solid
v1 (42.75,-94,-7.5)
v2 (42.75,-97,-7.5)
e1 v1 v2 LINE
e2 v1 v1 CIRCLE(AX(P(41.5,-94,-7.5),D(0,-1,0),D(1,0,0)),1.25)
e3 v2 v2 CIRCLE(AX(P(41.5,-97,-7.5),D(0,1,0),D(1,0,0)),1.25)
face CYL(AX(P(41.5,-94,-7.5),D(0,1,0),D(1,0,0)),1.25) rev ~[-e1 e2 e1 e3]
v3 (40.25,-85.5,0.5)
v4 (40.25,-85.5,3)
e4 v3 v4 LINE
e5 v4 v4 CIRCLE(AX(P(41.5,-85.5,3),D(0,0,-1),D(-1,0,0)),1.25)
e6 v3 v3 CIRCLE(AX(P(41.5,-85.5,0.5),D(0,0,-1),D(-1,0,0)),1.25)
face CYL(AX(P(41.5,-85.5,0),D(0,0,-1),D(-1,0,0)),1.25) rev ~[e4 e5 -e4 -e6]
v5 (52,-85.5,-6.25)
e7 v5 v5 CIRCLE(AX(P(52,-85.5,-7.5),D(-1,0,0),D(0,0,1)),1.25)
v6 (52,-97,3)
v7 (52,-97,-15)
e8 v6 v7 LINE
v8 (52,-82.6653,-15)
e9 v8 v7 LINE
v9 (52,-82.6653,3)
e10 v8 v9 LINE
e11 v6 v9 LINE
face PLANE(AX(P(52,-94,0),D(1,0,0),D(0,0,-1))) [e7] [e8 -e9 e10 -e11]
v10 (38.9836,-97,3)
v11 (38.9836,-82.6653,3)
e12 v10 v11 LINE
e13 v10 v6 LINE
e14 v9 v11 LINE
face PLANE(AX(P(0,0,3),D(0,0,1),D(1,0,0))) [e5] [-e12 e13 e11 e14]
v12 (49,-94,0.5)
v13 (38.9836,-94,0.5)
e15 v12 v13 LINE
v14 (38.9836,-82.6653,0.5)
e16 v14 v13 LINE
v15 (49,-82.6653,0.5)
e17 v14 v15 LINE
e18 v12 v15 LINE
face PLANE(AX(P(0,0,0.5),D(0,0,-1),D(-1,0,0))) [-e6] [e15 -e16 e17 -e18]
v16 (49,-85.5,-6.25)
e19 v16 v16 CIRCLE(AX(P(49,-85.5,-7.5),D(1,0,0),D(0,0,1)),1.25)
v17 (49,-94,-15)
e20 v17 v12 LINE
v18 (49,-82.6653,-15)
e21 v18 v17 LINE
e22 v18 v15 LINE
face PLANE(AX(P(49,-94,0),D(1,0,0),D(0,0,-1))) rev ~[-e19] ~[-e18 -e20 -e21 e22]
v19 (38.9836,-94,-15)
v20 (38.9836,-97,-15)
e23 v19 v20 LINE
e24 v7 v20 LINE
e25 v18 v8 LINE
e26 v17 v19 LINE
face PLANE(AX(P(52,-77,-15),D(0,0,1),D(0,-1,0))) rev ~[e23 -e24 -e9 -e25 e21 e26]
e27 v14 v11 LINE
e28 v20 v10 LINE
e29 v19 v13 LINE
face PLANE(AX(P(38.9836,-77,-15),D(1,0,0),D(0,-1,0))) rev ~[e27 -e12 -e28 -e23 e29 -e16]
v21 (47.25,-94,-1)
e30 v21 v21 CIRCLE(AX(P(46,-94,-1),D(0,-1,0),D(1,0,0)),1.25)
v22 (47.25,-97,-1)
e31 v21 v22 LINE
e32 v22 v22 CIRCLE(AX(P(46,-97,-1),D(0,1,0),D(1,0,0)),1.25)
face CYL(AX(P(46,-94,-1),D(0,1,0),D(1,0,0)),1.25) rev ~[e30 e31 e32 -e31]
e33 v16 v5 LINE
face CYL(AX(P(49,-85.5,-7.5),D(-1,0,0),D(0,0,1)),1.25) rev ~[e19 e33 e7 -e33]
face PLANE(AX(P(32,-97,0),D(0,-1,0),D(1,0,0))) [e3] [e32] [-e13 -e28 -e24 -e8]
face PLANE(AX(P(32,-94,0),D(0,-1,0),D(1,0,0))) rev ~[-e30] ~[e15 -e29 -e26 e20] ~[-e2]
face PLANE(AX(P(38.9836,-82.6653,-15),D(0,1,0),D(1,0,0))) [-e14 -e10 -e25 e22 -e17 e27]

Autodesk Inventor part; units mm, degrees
ref_plane "YZ Plane" through (0, 0, 0) normal (1, 0, 0) x (0, 1, 0)
ref_plane "XZ Plane" through (0, 0, 0) normal (0, 1, 0) x (-1, 0, 0)
ref_plane "XY Plane" through (0, 0, 0) normal (0, 0, 1) x (1, 0, 0)
ref_plane "작업 평면1" through (0, 0, 0) normal (0, 0, 1) x (1, 0, 0)
sketch "스케치1" plane through (0, 0, 0) normal (0, 0, 1) x (1, 0, 0)
  line L0 (49, -94) -> (-72, -94) construction
  line L1 (49, -88) -> (49, -94) construction
  line L2 (-72, -88) -> (49, -88) construction
  line L3 (-72, -94) -> (-72, -88) construction
  line L4 (43, 88) -> (43, -88) construction
  line L5 (49, -88) -> (43, -88) construction
  line L6 (49, 88) -> (49, -88) construction
  line L7 (49, 88) -> (43, 88) construction
  line L8 (-72, -88) -> (43, -88) construction
  line L9 (43, -88) -> (43, 88) construction
  line L10 (-72, 88) -> (43, 88) construction
  line L11 (-72, 88) -> (-72, -88) construction
  circle A0 centre (-2.8299, 17.3) radius 1.35 construction
  circle A1 centre (19.1701, -17.3) radius 1.35 construction
  circle A2 centre (-24.8299, 17.3) radius 1.35 construction
  circle A3 centre (19.1701, 17.3) radius 1.35 construction
  circle A4 centre (-2.8299, -17.3) radius 1.35 construction
  circle A5 centre (-24.8299, -17.3) radius 1.35 construction
  arc A6 (-27.4299, -13.5) -> (-26.3299, -14.6) centre (-26.3299, -13.5) ccw construction
  line L12 (-27.4299, -13.5) -> (-27.4299, 13.5) construction
  arc A7 (-26.3299, 14.6) -> (-27.4299, 13.5) centre (-26.3299, 13.5) ccw construction
  line L13 (-26.3299, 14.6) -> (28.6701, 14.6) construction
  line L14 (28.6701, 14.6) -> (28.6701, -14.6) construction
  line L15 (28.6701, -14.6) -> (-26.3299, -14.6) construction
  line L16 (-72, -88) -> (43, -88) construction
  line L17 (43, -88) -> (43, 88) construction
  line L18 (-72, 88) -> (43, 88) construction
  line L19 (-72, 88) -> (-72, -88) construction
  circle A8 centre (-2.8299, 17.3) radius 1.35 construction
  circle A9 centre (19.1701, -17.3) radius 1.35 construction
  circle A10 centre (-24.8299, 17.3) radius 1.35 construction
  circle A11 centre (19.1701, 17.3) radius 1.35 construction
  circle A12 centre (-2.8299, -17.3) radius 1.35 construction
  circle A13 centre (-24.8299, -17.3) radius 1.35 construction
  arc A14 (-27.4299, -13.5) -> (-26.3299, -14.6) centre (-26.3299, -13.5) ccw construction
  line L20 (-27.4299, -13.5) -> (-27.4299, 13.5) construction
  arc A15 (-26.3299, 14.6) -> (-27.4299, 13.5) centre (-26.3299, 13.5) ccw construction
  line L21 (-26.3299, 14.6) -> (28.6701, 14.6) construction
  line L22 (28.6701, 14.6) -> (28.6701, -14.6) construction
  line L23 (28.6701, -14.6) -> (-26.3299, -14.6) construction
  line L24 (43, 88) -> (43, -88) projected
  line L25 (49, -88) -> (43, -88) projected
  line L26 (49, 88) -> (49, -88) projected
  line L27 (49, 88) -> (43, 88) projected
  line L28 (49, -94) -> (-72, -94) projected
  line L29 (49, -88) -> (49, -94) projected
  line L30 (-72, -88) -> (49, -88) projected
  line L31 (-72, -94) -> (-72, -88) projected
  line L32 (-72, -88) -> (43, -88) projected
  line L33 (43, -88) -> (43, 88) projected
  line L34 (-72, 88) -> (43, 88) projected
  line L35 (-72, 88) -> (-72, -88) projected
  circle A16 centre (-2.8299, 17.3) radius 1.35 projected
  circle A17 centre (19.1701, -17.3) radius 1.35 projected
  circle A18 centre (-24.8299, 17.3) radius 1.35 projected
  circle A19 centre (19.1701, 17.3) radius 1.35 projected
  circle A20 centre (-2.8299, -17.3) radius 1.35 projected
  circle A21 centre (-24.8299, -17.3) radius 1.35 projected
  arc A22 (-27.4299, -13.5) -> (-26.3299, -14.6) centre (-26.3299, -13.5) ccw projected
  line L36 (-27.4299, -13.5) -> (-27.4299, 13.5) projected
  arc A23 (-26.3299, 14.6) -> (-27.4299, 13.5) centre (-26.3299, 13.5) ccw projected
  line L37 (-26.3299, 14.6) -> (28.6701, 14.6) projected
  line L38 (28.6701, 14.6) -> (28.6701, -14.6) projected
  line L39 (28.6701, -14.6) -> (-26.3299, -14.6) projected
  line L40 (49, -94) -> (-72, -94) projected
  line L41 (49, -88) -> (49, -94) projected
  line L42 (-72, -88) -> (49, -88) projected
  line L43 (-72, -94) -> (-72, -88) projected
  line L44 (49, -94) -> (49, -77)
  line L45 (49, -94) -> (32, -94)
  line L46 (49, -77) -> (43, -77)
  line L47 (32, -94) -> (32, -88)
  line L48 (49, -94) -> (32, -94)
  line L49 (32, -94) -> (32, -77)
  line L50 (32, -77) -> (49, -77)
  line L51 (49, -77) -> (49, -94)
  line L52 (49, -94) -> (29, -94)
  line L53 (29, -94) -> (29, -77)
  line L54 (29, -77) -> (49, -77)
  line L55 (49, -77) -> (49, -94)
  point P0 (0, 0)
  dimension "d0" = 17
  dimension "d1" = 17
  dimension "d28" = 20
extrude "돌출1" add sketch "스케치1" along normal blind 3 contours L46 L26 L25 L24 | L24 L30 L49 L50 | L25 L29 L28 L47 L30 | L49 L30 L53 L54 | L47 L28 L53 L30
sketch "스케치2" plane through (49, -94, 0) normal (1, 0, 0) x (0, 0, -1)
  line L0 (40.7085, 16) -> (17.2915, 16) projected
  arc A0 (16.3174, 17.226) -> (17.2915, 16) centre (17.2915, 17) ccw projected
  line L1 (16.3174, 17.226) -> (28.0259, 67.6827) projected
  arc A1 (29.9741, 67.6827) -> (28.0259, 67.6827) centre (29, 67.4566) ccw projected
  line L2 (29.9741, 67.6827) -> (41.6826, 17.226) projected
  arc A2 (40.7085, 16) -> (41.6826, 17.226) centre (40.7085, 17) ccw projected
  line L3 (34.1853, 94.226) -> (45.1259, 141.3733) projected
  arc A3 (47.1, 141.1472) -> (45.1259, 141.3733) centre (46.1, 141.1472) ccw projected
  line L4 (47.1, 141.1472) -> (47.1, 46.8528) projected
  arc A4 (45.1259, 46.6267) -> (47.1, 46.8528) centre (46.1, 46.8528) ccw projected
  line L5 (45.1259, 46.6267) -> (34.1853, 93.774) projected
  arc A5 (34.1853, 94.226) -> (34.1853, 93.774) centre (35.1594, 94) ccw projected
  line L6 (10.9, 46.8528) -> (10.9, 141.1472) projected
  arc A6 (12.8741, 141.3733) -> (10.9, 141.1472) centre (11.9, 141.1472) ccw projected
  line L7 (12.8741, 141.3733) -> (23.8147, 94.226) projected
  arc A7 (23.8147, 93.774) -> (23.8147, 94.226) centre (22.8406, 94) ccw projected
  line L8 (23.8147, 93.774) -> (12.8741, 46.6267) projected
  arc A8 (10.9, 46.8528) -> (12.8741, 46.6267) centre (11.9, 46.8528) ccw projected
  line L9 (28.0259, 120.3173) -> (16.3174, 170.774) projected
  arc A9 (17.2915, 172) -> (16.3174, 170.774) centre (17.2915, 171) ccw projected
  line L10 (17.2915, 172) -> (40.7085, 172) projected
  arc A10 (41.6826, 170.774) -> (40.7085, 172) centre (40.7085, 171) ccw projected
  line L11 (41.6826, 170.774) -> (29.9741, 120.3173) projected
  arc A11 (28.0259, 120.3173) -> (29.9741, 120.3173) centre (29, 120.5434) ccw projected
  line L12 (58, 182) -> (0, 182) projected
  line L13 (0, 182) -> (0, 6) projected
  line L14 (58, 6) -> (0, 6) projected
  line L15 (58, 6) -> (58, 182) projected
  line L16 (58, 0) -> (0, 0) projected
  line L17 (58, 6) -> (58, 0) projected
  line L18 (0, 6) -> (58, 6) projected
  line L19 (0, 6) -> (0, 0) projected
  line L20 (6, 182) -> (6, 6) projected
  line L21 (0, 0) -> (0, 17) projected
  line L22 (0, 17) -> (-3, 17) projected
  line L23 (-3, 0) -> (-3, 17) projected
  line L24 (0, 0) -> (-3, 0) projected
  line L25 (-3, 0) -> (22, 0)
  line L26 (22, 0) -> (22, 17)
  line L27 (22, 17) -> (-3, 17)
  line L28 (-3, 17) -> (-3, 0)
  point P0 (0, 94)
  point P1 (0, 0)
  point P2 (22, 0)
  point P3 (22, 16)
  point P4 (16.2915, 17)
  point P5 (0, 17)
  dimension "d4" = 25
extrude "돌출2" add sketch "스케치2" along normal blind 3 contours L26 L14 L20 L27 A0 L0 | L0 A0 L27 L26 | L26 L16 L19 L14 | L14 L13 L27 L20 | L19 L24 L23 L22 L13
sketch "스케치3" plane through (32, -94, 0) normal (0, -1, 0) x (1, 0, 0)
  line L0 (20, 3) -> (20, -22) projected
  line L1 (0, 0) -> (0, 3) projected
  line L2 (20, -22) -> (0, -22)
  line L3 (0, -22) -> (0, 3)
  line L4 (0, 3) -> (20, 3)
  line L5 (20, 3) -> (20, -22)
  line L6 (20, 3) -> (-3, 3)
  line L7 (-3, 3) -> (-3, -22)
  line L8 (-3, -22) -> (20, -22)
  line L9 (20, -22) -> (20, 3)
  point P0 (-32, 0)
  point P1 (20, 3)
  point P2 (0, -22)
  dimension "d27" = 23
extrude "돌출3" add sketch "스케치3" along normal blind 3
sketch "스케치8" plane through (0, 0, 3) normal (0, 0, 1) x (1, 0, 0)
  line L0 (29, -97) -> (52, -97) projected
  line L1 (29, -77) -> (52, -77) projected
  line L2 (52, -97) -> (34, -97)
  line L3 (34, -97) -> (34, -77)
  line L4 (34, -77) -> (52, -77)
  line L5 (52, -77) -> (52, -97)
  line L6 (34, -77) -> (29, -77)
  line L7 (29, -77) -> (29, -97)
  line L8 (29, -97) -> (34, -97)
  line L9 (34, -97) -> (34, -77)
  point P0 (0, 0)
  dimension "d29" = 18
extrude "돌출8" cut sketch "스케치8" against normal blind 50 contours L7 L1 L3 L0
sketch "스케치10" plane through (52, -94, 0) normal (1, 0, 0) x (0, 0, -1)
  line L0 (-3, 17) -> (-3, -3) projected
  line L1 (22, -3) -> (-3, -3) projected
  line L2 (-3, 17) -> (17, 17)
  line L3 (17, 17) -> (17, -3)
  line L4 (17, -3) -> (-3, -3)
  line L5 (-3, -3) -> (-3, 17)
  line L6 (-3, 17) -> (15, 17)
  line L7 (15, 17) -> (15, -3)
  line L8 (15, -3) -> (-3, -3)
  line L9 (-3, -3) -> (-3, 17)
  line L10 (15, 17) -> (22, 17)
  line L11 (22, 17) -> (22, -3)
  line L12 (22, -3) -> (15, -3)
  line L13 (15, -3) -> (15, 17)
  point P0 (0, 94)
  point P1 (15, 17)
  point P2 (17, 17)
  dimension "d32" = 20
  dimension "d33" = 18
extrude "돌출9" cut sketch "스케치10" against normal blind 50 contours L2 L3 L1 L7 | L10 L11 L1 L3
sketch "스케치12" plane through (32, -94, 0) normal (0, 1, 0) x (1, 0, 0)
  circle A0 centre (14, 1) radius 1.25 projected
  circle A1 centre (8, 17) radius 1.25 projected
  circle A2 centre (8, 1) radius 1.25 projected
  circle A3 centre (14, 17) radius 1.25 projected
  line L0 (4, -3) -> (20, -3) projected
  line L1 (20, 21) -> (20, -3) projected
  line L2 (4, 21) -> (20, 21) projected
  line L3 (4, 21) -> (4, -3) projected
  circle A4 centre (14, 1) radius 1.25 projected
  arc A5 (8.2846, 1.2694) -> (7.5179, 0.8668) centre (7.785, 1.2894) ccw projected
  point P0 (-32, 0)
extrude "돌출10" cut sketch "스케치12" against normal blind 50 contours A0
sketch "스케치13" plane through (0, 0, 0) normal (0, 0, -1) x (-1, 0, 0)
  line L0 (-34, -94) -> (-34, -77) projected
  line L1 (-49, -77) -> (-34, -77) projected
  line L2 (-49, -94) -> (-49, -77) projected
  line L3 (-46.75, -94) -> (-49, -94) projected
  line L4 (-45.25, -94) -> (-46.75, -94) projected
  line L5 (-34, -94) -> (-45.25, -94) projected
  line L6 (-41.5, -94) -> (-41.5, -77)
  line L7 (-34, -85.5) -> (-49, -85.5)
  circle A0 centre (-41.5, -85.5) radius 1.25
  point P0 (0, 0)
  dimension "d38" = 2.5
extrude "돌출11" cut sketch "스케치13" against normal blind 50 contours A0 L6 L7 | L7 L6 A0 | A0 L7 L6 | L7 A0 L6
sketch "스케치14" plane through (49, -94, 0) normal (-1, 0, 0) x (0, 0, 1)
  line L0 (-15, 17) -> (-15, 0) projected
  line L1 (0, 0) -> (-15, 0) projected
  line L2 (0, 0) -> (0, 17) projected
  line L3 (-15, 17) -> (0, 17) projected
  line L4 (-15, 8.5) -> (0, 8.5)
  line L5 (0, 0) -> (-15, 0) projected
  line L6 (-7.5, 0) -> (-7.5, 17)
  circle A0 centre (-7.5, 8.5) radius 1.25
  point P0 (0, 94)
  dimension "d41" = 2.5
extrude "돌출12" cut sketch "스케치14" against normal blind 50 contours A0 L6 L4 | L4 L6 A0 | A0 L4 L6 | L4 A0 L6
sketch "스케치15" plane through (32, -94, 0) normal (0, 1, 0) x (1, 0, 0)
  line L0 (2, 0) -> (13.25, 0) projected
  arc A0 (14.75, 0) -> (13.25, 0) centre (14, 1) ccw projected
  line L1 (14.75, 0) -> (17, 0) projected
  line L2 (17, 0) -> (17, 15) projected
  line L3 (17, 15) -> (2, 15) projected
  line L4 (2, 15) -> (2, 0) projected
  line L5 (9.5, 15) -> (9.5, 0)
  line L6 (8.75, 0) -> (13.25, 0) projected
  line L7 (2, 15) -> (2, 0) projected
  line L8 (2, 7.5) -> (17, 7.5)
  circle A1 centre (9.5, 7.5) radius 1.25
  point P0 (-32, 0)
  dimension "d44" = 2.5
extrude "돌출13" cut sketch "스케치15" against normal blind 50 contours A1 L5 L8 | L8 L5 A1 | L5 L8 A1 | L5 A1 L8
sketch "스케치16" plane through (0, 0, 0) normal (0, 0, -1) x (-1, 0, 0)
  circle A0 centre (-41.5, -85.5) radius 1.25 projected
  line L0 (-34, -94) -> (-34, -77) projected
  line L1 (-49, -77) -> (-34, -77) projected
  line L2 (-49, -94) -> (-49, -77) projected
  line L3 (-46.75, -94) -> (-49, -94) projected
  line L4 (-45.25, -94) -> (-46.75, -94) projected
  line L5 (-34, -94) -> (-45.25, -94) projected
  point P0 (0, 0)
extrude "돌출14" cut sketch "스케치16" against normal blind 0.5
sketch "스케치17" plane through (52, -97, -15) normal (0, 0, -1) x (-1, 0, 0)
  line L0 (18, 20) -> (18, 0) projected
  line L1 (0, 0) -> (18, 0) projected
  line L2 (18, 20) -> (13.0164, 20)
  line L3 (13.0164, 20) -> (13.0164, 0)
  line L4 (13.0164, 0) -> (18, 0)
  line L5 (18, 0) -> (18, 20)
  point P0 (52, 97)
extrude "돌출15" cut sketch "스케치17" against normal blind 50
sketch "스케치18" plane through (52, -97, -15) normal (0, 0, -1) x (-1, 0, 0)
  line L0 (0, 20) -> (0, 0) projected
  line L1 (13.0164, 20) -> (13.0164, 0) projected
  line L2 (0, 20) -> (13.0164, 20)
  line L3 (13.0164, 20) -> (13.0164, 14.3347)
  line L4 (13.0164, 14.3347) -> (0, 14.3347)
  line L5 (0, 14.3347) -> (0, 20)
  point P0 (52, 97)
extrude "돌출16" cut sketch "스케치18" against normal blind 50
properties part number "body_fitting_part_under" material "LCP 플라스틱"
